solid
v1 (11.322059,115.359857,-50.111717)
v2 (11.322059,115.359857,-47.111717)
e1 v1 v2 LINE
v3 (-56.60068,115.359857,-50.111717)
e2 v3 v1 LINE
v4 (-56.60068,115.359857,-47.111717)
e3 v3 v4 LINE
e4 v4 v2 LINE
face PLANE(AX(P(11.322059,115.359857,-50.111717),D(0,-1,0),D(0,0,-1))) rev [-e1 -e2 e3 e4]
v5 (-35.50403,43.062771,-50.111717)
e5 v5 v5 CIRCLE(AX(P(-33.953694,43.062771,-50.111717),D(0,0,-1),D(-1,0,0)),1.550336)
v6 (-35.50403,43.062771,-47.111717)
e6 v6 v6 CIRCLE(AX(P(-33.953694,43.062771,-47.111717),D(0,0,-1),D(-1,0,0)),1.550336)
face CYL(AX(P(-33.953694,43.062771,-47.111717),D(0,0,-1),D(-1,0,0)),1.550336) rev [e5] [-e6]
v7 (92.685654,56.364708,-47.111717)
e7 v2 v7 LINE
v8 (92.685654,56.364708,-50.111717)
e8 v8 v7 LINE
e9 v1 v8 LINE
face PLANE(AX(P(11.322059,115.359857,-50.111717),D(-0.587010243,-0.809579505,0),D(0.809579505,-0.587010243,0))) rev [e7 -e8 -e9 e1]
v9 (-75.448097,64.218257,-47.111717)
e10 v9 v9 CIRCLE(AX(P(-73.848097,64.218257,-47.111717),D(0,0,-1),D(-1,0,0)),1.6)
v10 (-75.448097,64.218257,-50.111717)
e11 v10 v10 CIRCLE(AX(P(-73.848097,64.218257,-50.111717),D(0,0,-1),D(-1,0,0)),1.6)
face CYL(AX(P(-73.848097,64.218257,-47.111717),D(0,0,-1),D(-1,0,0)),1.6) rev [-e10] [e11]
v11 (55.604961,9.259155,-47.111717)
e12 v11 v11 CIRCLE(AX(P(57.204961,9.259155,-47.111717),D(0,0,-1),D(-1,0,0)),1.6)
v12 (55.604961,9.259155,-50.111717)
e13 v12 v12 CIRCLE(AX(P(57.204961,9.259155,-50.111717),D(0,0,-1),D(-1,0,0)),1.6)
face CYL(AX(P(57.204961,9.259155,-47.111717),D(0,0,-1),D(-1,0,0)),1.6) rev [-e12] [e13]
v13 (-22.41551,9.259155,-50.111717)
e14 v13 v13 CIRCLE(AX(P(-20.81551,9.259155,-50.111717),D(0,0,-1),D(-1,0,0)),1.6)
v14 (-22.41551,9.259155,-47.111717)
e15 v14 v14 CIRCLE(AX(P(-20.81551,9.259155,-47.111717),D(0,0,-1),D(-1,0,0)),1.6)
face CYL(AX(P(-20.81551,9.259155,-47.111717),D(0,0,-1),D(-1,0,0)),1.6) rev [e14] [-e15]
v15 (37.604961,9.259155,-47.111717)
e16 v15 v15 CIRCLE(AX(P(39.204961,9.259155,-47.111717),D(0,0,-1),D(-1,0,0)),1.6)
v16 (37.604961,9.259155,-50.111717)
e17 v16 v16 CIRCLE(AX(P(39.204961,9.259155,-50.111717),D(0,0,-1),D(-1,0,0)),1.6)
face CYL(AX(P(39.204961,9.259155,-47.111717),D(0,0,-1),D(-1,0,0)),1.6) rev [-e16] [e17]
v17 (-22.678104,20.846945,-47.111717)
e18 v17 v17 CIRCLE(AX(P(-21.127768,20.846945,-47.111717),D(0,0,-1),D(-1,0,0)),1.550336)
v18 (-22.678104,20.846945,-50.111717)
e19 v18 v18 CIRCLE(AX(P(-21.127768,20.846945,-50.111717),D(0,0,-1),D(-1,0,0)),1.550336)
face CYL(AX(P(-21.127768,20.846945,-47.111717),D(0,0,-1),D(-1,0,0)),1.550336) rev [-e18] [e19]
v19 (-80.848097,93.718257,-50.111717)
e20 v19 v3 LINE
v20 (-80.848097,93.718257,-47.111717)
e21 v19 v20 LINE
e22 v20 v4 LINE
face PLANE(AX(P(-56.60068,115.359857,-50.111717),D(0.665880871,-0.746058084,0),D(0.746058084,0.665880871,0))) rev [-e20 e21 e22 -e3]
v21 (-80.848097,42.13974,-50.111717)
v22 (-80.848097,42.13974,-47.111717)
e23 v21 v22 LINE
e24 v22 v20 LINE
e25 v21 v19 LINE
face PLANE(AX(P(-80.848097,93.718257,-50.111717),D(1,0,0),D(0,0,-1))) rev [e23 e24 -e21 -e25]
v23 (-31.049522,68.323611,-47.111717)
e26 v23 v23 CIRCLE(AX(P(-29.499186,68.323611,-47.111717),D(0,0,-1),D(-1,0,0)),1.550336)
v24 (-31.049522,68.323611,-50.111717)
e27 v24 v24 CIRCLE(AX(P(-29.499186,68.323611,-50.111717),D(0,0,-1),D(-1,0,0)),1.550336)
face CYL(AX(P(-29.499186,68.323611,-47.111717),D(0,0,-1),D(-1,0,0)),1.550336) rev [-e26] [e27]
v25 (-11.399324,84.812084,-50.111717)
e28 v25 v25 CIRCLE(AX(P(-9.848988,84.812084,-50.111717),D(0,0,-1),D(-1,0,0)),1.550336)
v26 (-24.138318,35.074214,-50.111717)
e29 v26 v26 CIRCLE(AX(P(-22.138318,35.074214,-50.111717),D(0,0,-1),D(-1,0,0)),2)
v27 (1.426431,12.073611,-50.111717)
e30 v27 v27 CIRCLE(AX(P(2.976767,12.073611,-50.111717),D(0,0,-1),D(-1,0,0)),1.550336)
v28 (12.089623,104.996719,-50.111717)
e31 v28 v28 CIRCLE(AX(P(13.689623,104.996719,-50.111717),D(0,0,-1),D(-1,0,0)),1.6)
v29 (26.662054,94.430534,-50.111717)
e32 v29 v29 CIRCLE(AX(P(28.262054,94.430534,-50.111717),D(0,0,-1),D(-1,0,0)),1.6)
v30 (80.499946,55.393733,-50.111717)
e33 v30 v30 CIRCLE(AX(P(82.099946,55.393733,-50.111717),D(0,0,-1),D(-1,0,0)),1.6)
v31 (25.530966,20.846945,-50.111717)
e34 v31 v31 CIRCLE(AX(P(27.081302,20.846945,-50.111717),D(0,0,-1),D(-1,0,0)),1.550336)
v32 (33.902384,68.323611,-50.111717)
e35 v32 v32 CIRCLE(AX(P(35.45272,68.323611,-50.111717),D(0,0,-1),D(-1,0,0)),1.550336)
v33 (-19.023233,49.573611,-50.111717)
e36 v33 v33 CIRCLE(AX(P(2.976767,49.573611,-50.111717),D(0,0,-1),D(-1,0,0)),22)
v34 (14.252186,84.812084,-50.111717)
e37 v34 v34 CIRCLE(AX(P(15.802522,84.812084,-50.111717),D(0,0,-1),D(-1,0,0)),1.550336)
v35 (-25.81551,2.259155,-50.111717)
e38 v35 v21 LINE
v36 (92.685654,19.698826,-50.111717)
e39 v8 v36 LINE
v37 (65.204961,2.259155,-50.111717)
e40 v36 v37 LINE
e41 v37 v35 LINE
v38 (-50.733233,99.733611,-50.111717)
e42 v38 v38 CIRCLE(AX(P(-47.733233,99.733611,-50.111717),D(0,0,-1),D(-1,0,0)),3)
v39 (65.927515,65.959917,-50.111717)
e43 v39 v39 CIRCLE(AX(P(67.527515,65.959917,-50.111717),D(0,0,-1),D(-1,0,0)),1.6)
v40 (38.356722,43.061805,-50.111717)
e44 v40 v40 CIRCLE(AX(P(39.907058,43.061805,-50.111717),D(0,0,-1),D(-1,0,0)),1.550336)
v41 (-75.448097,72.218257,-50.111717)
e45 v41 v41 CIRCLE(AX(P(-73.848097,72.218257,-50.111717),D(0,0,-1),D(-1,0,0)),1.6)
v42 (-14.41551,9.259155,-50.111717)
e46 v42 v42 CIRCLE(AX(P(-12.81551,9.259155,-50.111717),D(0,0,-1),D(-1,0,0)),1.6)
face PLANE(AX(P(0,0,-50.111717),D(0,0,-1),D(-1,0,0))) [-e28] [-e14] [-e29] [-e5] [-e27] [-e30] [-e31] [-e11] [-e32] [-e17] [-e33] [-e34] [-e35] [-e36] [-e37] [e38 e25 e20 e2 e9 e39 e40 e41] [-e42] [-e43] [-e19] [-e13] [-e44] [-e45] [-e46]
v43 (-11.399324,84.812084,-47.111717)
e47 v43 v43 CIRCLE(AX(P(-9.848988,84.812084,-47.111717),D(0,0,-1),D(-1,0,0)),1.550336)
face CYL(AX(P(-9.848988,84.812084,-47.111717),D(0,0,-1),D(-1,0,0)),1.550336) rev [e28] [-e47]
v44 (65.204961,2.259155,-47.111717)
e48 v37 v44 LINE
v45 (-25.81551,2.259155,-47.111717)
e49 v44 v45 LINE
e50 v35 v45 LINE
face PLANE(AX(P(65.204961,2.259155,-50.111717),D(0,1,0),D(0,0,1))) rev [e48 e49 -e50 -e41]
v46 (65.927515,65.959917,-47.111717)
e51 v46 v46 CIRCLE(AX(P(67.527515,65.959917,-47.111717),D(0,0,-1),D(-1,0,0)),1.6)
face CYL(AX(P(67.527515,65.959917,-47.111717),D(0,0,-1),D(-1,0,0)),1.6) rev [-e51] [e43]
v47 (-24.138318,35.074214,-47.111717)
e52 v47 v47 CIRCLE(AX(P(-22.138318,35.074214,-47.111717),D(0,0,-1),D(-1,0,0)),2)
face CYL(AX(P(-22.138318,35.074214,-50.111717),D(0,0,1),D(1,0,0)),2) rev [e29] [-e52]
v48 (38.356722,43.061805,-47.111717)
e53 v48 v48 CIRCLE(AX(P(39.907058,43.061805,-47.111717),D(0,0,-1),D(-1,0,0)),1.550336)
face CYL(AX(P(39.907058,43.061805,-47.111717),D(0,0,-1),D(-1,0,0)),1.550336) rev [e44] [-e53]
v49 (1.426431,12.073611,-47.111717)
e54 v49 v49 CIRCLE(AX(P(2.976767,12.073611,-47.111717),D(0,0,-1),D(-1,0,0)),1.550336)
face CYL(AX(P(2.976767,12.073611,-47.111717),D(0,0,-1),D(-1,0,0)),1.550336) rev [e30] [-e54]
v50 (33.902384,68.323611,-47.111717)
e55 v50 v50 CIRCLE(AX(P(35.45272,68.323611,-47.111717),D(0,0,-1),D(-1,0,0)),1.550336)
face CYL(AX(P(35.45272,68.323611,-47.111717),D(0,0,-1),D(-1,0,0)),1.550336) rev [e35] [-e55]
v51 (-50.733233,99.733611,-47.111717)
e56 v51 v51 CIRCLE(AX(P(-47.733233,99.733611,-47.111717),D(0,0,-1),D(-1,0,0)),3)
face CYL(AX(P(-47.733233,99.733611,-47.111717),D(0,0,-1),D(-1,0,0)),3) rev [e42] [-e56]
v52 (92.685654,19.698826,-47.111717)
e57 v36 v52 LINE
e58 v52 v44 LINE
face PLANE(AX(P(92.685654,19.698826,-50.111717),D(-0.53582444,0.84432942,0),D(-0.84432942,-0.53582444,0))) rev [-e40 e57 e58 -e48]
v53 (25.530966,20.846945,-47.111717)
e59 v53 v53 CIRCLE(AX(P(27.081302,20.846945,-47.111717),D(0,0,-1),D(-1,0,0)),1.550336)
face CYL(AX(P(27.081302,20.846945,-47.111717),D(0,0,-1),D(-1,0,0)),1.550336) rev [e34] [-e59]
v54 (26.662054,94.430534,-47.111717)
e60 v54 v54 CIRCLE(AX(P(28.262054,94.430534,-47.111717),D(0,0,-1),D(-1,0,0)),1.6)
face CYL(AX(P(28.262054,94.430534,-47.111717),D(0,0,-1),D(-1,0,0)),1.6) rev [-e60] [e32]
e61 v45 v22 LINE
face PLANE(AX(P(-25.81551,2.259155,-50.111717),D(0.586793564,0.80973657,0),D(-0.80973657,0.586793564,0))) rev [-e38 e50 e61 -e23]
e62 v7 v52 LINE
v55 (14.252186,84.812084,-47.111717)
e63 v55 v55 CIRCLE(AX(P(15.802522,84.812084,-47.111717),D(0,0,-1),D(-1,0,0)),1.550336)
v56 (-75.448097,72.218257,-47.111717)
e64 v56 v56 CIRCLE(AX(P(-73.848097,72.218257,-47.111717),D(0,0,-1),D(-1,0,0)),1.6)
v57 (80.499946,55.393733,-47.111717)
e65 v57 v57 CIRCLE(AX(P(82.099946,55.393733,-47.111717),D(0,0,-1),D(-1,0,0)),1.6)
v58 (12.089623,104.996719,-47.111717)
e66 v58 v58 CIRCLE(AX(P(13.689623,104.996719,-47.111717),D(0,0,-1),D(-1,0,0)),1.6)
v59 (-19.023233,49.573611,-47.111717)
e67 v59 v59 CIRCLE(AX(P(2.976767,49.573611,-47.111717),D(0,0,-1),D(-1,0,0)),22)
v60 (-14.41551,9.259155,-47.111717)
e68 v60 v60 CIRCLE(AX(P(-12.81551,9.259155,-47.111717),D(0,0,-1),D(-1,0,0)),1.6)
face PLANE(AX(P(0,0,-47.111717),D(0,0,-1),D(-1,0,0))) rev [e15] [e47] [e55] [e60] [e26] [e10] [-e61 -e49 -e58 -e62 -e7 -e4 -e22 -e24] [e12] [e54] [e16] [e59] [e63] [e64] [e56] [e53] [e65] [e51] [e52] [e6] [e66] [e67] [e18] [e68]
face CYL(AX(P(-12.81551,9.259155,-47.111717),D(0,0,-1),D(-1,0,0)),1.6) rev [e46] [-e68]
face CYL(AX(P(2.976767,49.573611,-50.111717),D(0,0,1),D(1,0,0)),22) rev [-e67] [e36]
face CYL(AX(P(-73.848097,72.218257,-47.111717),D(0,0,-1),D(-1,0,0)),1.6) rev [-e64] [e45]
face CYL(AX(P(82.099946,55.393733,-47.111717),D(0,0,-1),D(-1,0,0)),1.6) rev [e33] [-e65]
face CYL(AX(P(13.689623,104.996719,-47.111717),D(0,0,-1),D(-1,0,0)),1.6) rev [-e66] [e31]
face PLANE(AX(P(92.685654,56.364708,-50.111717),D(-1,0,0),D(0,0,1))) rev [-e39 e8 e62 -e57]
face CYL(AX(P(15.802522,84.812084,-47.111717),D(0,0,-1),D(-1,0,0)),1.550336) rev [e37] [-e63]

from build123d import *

# Parameters (mm, degrees)
SKETCH_1_R          = 22
SKETCH_1_R_2        = 2
EXTRUDE_1_DEPTH     = 3
SKETCH_2_R          = 3
CUT_EXTRUDE_1_DEPTH = 3
SKETCH_4_R          = 1.550336064
SKETCH_4_R_2        = 1.6
CUT_EXTRUDE_2_DEPTH = 3
SKETCH_5_R          = 1.6
CUT_EXTRUDE_3_DEPTH = 3
SKETCH_6_R          = 1.6
CUT_EXTRUDE_4_DEPTH = 3
SKETCH_7_R          = 1.6
CUT_EXTRUDE_7_DEPTH = 149.01191544


with BuildPart() as part:
    # 草图1 → 凸台-拉伸1 (new body)
    with BuildSketch(Plane(origin=(0, 0, -47.111716595), x_dir=(-1, 0, 0), z_dir=(0, 0, -1))):
        Polygon((-65.204960674, 2.259155248), (25.815510263, 2.259155248), (80.848097232, 42.139739941), (80.848097232, 93.718256609), (56.600680459, 115.359857107), (-11.322058774, 115.359857107), (-92.685654124, 56.364707651), (-92.685654124, 19.698826092), align=None)
        with Locations((-2.976767055, 49.573611164)):
            Circle(SKETCH_1_R, mode=Mode.SUBTRACT)
        with Locations((22.138317691, 35.074213997)):
            Circle(SKETCH_1_R_2, mode=Mode.SUBTRACT)
    extrude(amount=EXTRUDE_1_DEPTH)

    # 草图2 → 切除-拉伸1 (cut)
    with BuildSketch(Plane(origin=(0, 0, -50.111716595), x_dir=(-1, 0, 0), z_dir=(0, 0, -1))):
        with Locations((47.733232945, 99.733611164)):
            Circle(SKETCH_2_R)
    extrude(amount=-CUT_EXTRUDE_1_DEPTH, mode=Mode.SUBTRACT)

    # 草图4 → 切除-拉伸2 (cut)
    with BuildSketch(Plane(origin=(0, 0, -50.111716595), x_dir=(-1, 0, 0), z_dir=(0, 0, -1))):
        with Locations((21.127768308, 20.846944547)):
            Circle(SKETCH_4_R)
        with Locations((-2.976767055, 12.073611164)):
            Circle(SKETCH_4_R)
        with Locations((-27.081302418, 20.846944547)):
            Circle(SKETCH_4_R)
        with Locations((-39.907057793, 43.061804502)):
            Circle(SKETCH_4_R)
        with Locations((-35.452719697, 68.323611164)):
            Circle(SKETCH_4_R)
        with Locations((-15.802522429, 84.812084444)):
            Circle(SKETCH_4_R)
        with Locations((9.84898832, 84.812084444)):
            Circle(SKETCH_4_R)
        with Locations((29.499185587, 68.323611164)):
            Circle(SKETCH_4_R)
        with Locations((33.953694149, 43.062771337)):
            Circle(SKETCH_4_R)
        with Locations((-57.204960674, 9.259155248)):
            Circle(SKETCH_4_R_2)
        with Locations((-39.204960674, 9.259155248)):
            Circle(SKETCH_4_R_2)
    extrude(amount=-CUT_EXTRUDE_2_DEPTH, mode=Mode.SUBTRACT)

    # 草图5 → 切除-拉伸3 (cut)
    with BuildSketch(Plane(origin=(0, 0, -50.111716595), x_dir=(-1, 0, 0), z_dir=(0, 0, -1))):
        with Locations((73.848097232, 72.218256609)):
            Circle(SKETCH_5_R)
        with Locations((73.848097232, 64.218256609)):
            Circle(SKETCH_5_R)
    extrude(amount=-CUT_EXTRUDE_3_DEPTH, mode=Mode.SUBTRACT)

    # 草图6 → 切除-拉伸4 (cut)
    with BuildSketch(Plane(origin=(0, 0, -50.111716595), x_dir=(-1, 0, 0), z_dir=(0, 0, -1))):
        with Locations((-82.099946385, 55.393733062)):
            Circle(SKETCH_6_R)
        with Locations((-67.527515299, 65.959917436)):
            Circle(SKETCH_6_R)
        with Locations((-28.262054197, 94.430534254)):
            Circle(SKETCH_6_R)
        with Locations((-13.689623111, 104.996718629)):
            Circle(SKETCH_6_R)
    extrude(amount=-CUT_EXTRUDE_4_DEPTH, mode=Mode.SUBTRACT)

    # 草图7 → 切除-拉伸7 (cut, through all)
    with BuildSketch(Plane(origin=(0, 0, -50.111716595), x_dir=(-1, 0, 0), z_dir=(0, 0, -1))):
        with Locations((12.815510263, 9.259155248)):
            Circle(SKETCH_7_R)
        with Locations((20.815510263, 9.259155248)):
            Circle(SKETCH_7_R)
    extrude(amount=-CUT_EXTRUDE_7_DEPTH, mode=Mode.SUBTRACT)


solid = part.part
